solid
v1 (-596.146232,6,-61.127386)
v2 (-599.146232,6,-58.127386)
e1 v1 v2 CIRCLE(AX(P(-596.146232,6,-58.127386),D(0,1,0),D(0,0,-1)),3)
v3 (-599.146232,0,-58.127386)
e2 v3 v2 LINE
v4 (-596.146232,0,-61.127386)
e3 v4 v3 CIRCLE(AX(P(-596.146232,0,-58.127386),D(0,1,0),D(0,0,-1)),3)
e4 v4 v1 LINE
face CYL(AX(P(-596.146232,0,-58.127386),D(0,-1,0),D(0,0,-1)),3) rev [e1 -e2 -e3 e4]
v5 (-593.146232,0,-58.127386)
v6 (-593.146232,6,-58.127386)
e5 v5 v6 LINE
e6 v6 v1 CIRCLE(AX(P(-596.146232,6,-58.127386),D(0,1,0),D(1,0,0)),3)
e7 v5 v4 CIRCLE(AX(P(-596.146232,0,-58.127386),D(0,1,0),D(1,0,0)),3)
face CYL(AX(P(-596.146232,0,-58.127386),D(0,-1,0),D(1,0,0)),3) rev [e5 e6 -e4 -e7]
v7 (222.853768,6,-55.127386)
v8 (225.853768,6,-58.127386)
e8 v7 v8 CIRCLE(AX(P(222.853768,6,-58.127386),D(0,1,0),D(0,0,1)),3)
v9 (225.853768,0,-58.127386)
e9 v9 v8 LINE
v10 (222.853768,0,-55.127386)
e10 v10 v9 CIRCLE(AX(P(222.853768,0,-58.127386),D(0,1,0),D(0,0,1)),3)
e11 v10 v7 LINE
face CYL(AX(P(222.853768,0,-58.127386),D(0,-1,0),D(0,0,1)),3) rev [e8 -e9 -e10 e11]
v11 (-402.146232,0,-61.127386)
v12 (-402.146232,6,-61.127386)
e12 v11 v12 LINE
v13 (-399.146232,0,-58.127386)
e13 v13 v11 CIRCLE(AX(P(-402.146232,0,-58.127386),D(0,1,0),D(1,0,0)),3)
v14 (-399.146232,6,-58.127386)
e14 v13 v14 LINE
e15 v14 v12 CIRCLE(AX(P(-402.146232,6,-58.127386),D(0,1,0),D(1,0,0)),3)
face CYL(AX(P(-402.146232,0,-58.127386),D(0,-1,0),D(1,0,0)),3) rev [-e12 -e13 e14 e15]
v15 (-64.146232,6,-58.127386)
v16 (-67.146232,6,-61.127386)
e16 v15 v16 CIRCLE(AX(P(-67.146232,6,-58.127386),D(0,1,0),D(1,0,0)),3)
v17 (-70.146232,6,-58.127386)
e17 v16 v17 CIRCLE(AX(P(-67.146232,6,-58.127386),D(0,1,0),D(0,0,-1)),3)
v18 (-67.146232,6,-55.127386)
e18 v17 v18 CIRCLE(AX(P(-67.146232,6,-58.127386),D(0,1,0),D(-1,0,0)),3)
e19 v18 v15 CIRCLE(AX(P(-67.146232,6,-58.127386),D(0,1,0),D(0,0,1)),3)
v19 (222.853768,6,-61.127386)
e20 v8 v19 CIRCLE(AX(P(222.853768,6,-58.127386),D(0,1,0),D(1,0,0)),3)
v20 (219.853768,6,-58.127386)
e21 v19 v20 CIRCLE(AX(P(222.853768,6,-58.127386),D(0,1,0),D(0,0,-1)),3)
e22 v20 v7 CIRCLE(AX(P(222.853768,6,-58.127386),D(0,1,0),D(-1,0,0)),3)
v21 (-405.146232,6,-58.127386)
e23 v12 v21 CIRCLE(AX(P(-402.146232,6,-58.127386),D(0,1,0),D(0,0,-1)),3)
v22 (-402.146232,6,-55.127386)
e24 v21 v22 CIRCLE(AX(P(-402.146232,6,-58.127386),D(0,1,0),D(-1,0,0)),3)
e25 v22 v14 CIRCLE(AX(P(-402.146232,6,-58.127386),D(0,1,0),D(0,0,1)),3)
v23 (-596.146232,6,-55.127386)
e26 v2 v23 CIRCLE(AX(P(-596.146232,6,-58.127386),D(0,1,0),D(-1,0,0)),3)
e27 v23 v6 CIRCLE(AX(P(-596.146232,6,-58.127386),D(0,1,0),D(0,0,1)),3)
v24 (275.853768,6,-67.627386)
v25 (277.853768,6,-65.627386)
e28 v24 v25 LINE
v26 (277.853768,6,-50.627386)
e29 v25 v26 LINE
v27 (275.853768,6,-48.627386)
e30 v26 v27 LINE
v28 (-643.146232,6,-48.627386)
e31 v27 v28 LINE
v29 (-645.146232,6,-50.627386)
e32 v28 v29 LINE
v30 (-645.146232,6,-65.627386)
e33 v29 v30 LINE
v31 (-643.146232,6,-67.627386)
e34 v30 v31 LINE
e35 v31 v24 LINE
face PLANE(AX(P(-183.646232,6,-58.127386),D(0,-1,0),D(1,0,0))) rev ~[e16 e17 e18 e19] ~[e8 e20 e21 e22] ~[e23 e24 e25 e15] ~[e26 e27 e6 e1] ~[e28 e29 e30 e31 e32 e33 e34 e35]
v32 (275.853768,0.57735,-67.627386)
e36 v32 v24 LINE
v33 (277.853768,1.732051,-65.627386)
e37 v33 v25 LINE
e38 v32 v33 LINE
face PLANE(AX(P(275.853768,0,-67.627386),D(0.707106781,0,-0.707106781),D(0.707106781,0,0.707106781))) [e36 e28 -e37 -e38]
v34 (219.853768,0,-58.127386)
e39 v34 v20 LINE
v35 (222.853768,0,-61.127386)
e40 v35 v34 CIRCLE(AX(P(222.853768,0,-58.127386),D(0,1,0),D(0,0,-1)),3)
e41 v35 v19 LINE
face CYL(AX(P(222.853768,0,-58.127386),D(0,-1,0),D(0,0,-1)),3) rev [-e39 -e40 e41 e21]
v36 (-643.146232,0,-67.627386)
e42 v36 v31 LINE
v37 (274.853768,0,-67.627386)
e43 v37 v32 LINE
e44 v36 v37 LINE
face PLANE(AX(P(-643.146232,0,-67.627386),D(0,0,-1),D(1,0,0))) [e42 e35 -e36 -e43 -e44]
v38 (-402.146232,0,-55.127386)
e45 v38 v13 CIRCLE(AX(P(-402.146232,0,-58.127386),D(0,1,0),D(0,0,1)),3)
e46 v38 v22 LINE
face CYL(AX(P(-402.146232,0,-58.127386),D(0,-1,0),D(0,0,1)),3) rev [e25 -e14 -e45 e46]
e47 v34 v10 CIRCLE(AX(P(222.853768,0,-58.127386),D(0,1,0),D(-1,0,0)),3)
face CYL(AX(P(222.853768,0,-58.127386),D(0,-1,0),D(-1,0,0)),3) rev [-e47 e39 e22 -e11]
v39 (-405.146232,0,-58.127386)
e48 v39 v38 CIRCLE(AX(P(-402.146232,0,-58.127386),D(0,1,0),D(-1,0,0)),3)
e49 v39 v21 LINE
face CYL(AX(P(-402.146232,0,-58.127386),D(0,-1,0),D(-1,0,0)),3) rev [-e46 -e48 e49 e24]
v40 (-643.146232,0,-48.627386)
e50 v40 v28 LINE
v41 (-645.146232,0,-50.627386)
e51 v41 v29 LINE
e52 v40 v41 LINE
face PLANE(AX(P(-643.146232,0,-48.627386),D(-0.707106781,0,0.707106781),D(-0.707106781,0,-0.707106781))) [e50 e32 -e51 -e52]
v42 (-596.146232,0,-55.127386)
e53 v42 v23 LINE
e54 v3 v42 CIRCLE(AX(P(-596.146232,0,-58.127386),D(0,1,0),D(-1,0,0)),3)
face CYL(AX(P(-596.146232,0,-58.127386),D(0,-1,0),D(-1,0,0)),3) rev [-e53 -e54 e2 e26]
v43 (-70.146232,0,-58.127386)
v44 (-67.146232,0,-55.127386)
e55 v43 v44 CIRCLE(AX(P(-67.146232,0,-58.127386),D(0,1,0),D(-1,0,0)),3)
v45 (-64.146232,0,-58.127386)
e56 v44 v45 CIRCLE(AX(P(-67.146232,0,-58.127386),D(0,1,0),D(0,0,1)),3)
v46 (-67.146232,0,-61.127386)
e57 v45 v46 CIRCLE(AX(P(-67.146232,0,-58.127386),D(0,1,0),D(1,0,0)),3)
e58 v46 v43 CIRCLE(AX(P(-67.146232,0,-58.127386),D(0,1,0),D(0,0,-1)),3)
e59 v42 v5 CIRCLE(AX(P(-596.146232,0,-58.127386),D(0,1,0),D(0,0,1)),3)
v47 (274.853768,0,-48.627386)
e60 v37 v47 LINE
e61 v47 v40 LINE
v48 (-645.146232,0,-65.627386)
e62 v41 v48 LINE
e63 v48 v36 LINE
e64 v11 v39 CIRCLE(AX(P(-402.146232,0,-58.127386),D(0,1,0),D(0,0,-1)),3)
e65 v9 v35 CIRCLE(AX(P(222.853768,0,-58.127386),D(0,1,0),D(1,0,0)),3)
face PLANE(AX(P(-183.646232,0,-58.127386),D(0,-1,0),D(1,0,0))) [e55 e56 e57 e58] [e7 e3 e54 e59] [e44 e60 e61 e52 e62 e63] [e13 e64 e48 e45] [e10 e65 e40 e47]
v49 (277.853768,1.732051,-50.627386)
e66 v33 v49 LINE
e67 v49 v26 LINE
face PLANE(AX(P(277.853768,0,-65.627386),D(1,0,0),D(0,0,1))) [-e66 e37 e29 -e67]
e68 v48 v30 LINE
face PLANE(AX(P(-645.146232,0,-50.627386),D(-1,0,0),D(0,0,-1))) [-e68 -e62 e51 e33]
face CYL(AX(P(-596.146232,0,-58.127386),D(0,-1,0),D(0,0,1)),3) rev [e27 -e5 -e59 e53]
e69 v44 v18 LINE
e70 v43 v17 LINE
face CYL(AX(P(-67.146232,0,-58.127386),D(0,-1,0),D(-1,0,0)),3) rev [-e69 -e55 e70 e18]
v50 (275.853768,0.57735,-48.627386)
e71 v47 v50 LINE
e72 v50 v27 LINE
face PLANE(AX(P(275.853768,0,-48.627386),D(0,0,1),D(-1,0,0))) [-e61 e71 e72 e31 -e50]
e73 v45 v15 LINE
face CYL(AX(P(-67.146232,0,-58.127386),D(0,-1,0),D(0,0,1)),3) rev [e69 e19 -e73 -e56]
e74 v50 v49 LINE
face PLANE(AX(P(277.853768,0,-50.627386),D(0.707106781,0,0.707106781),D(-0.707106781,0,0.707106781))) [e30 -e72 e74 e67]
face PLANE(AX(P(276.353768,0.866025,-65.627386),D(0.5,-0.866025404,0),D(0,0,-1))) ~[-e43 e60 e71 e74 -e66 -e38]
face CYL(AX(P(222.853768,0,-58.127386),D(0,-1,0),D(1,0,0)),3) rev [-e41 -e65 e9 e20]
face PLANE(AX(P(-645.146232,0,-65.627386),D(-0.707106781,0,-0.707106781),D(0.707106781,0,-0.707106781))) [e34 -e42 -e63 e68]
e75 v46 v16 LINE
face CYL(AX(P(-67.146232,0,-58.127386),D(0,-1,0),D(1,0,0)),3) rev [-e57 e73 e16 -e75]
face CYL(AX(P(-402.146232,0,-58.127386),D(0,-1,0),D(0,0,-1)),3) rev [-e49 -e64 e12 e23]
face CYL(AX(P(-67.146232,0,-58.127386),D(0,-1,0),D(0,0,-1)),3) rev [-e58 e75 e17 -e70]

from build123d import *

# Parameters (mm, degrees)
F1_DEPTH = 6
F2_SIZE2 = 1.7320508076
F2_SIZE  = 3


with BuildPart() as f1:
    # F0 (on Front) → F1 (new body)
    with BuildSketch(Plane.XZ):
        Polygon((-645.146232, -65.627386), (-643.146232, -67.627386), (275.853768, -67.627386), (277.853768, -65.627386), (277.853768, -50.627386), (275.853768, -48.627386), (-643.146232, -48.627386), (-645.146232, -50.627386), align=None)
        with BuildLine():
            ThreePointArc((-596.146232, -55.127386), (-594.0249116564, -56.0060656564), (-593.146232, -58.127386))
            ThreePointArc((-593.146232, -58.127386), (-594.0249116564, -60.2487063436), (-596.146232, -61.127386))
            ThreePointArc((-596.146232, -61.127386), (-598.2675523436, -60.2487063436), (-599.146232, -58.127386))
            ThreePointArc((-599.146232, -58.127386), (-598.2675523436, -56.0060656564), (-596.146232, -55.127386))
        make_face(mode=Mode.SUBTRACT)
        with BuildLine():
            ThreePointArc((-402.146232, -55.127386), (-400.0249116564, -56.0060656564), (-399.146232, -58.127386))
            ThreePointArc((-399.146232, -58.127386), (-400.0249116564, -60.2487063436), (-402.146232, -61.127386))
            ThreePointArc((-402.146232, -61.127386), (-404.2675523436, -60.2487063436), (-405.146232, -58.127386))
            ThreePointArc((-405.146232, -58.127386), (-404.2675523436, -56.0060656564), (-402.146232, -55.127386))
        make_face(mode=Mode.SUBTRACT)
        with BuildLine():
            ThreePointArc((-67.146232, -55.127386), (-65.0249116564, -56.0060656564), (-64.146232, -58.127386))
            ThreePointArc((-64.146232, -58.127386), (-65.0249116564, -60.2487063436), (-67.146232, -61.127386))
            ThreePointArc((-67.146232, -61.127386), (-69.2675523436, -60.2487063436), (-70.146232, -58.127386))
            ThreePointArc((-70.146232, -58.127386), (-69.2675523436, -56.0060656564), (-67.146232, -55.127386))
        make_face(mode=Mode.SUBTRACT)
        with BuildLine():
            ThreePointArc((222.853768, -55.127386), (224.9750883436, -56.0060656564), (225.853768, -58.127386))
            ThreePointArc((225.853768, -58.127386), (224.9750883436, -60.2487063436), (222.853768, -61.127386))
            ThreePointArc((222.853768, -61.127386), (220.7324476564, -60.2487063436), (219.853768, -58.127386))
            ThreePointArc((219.853768, -58.127386), (220.7324476564, -56.0060656564), (222.853768, -55.127386))
        make_face(mode=Mode.SUBTRACT)
    extrude(amount=-F1_DEPTH)

    # F2
    f2_edges = [f1.edges().sort_by_distance(p)[0] for p in [
        (277.853768, 0, -58.127386),
    ]]
    f2_side = f1.faces().sort_by_distance((-183.470896, 0, -58.127386))[0]
    chamfer(f2_edges, length=F2_SIZE, length2=F2_SIZE2, reference=f2_side)


solid = f1.part
